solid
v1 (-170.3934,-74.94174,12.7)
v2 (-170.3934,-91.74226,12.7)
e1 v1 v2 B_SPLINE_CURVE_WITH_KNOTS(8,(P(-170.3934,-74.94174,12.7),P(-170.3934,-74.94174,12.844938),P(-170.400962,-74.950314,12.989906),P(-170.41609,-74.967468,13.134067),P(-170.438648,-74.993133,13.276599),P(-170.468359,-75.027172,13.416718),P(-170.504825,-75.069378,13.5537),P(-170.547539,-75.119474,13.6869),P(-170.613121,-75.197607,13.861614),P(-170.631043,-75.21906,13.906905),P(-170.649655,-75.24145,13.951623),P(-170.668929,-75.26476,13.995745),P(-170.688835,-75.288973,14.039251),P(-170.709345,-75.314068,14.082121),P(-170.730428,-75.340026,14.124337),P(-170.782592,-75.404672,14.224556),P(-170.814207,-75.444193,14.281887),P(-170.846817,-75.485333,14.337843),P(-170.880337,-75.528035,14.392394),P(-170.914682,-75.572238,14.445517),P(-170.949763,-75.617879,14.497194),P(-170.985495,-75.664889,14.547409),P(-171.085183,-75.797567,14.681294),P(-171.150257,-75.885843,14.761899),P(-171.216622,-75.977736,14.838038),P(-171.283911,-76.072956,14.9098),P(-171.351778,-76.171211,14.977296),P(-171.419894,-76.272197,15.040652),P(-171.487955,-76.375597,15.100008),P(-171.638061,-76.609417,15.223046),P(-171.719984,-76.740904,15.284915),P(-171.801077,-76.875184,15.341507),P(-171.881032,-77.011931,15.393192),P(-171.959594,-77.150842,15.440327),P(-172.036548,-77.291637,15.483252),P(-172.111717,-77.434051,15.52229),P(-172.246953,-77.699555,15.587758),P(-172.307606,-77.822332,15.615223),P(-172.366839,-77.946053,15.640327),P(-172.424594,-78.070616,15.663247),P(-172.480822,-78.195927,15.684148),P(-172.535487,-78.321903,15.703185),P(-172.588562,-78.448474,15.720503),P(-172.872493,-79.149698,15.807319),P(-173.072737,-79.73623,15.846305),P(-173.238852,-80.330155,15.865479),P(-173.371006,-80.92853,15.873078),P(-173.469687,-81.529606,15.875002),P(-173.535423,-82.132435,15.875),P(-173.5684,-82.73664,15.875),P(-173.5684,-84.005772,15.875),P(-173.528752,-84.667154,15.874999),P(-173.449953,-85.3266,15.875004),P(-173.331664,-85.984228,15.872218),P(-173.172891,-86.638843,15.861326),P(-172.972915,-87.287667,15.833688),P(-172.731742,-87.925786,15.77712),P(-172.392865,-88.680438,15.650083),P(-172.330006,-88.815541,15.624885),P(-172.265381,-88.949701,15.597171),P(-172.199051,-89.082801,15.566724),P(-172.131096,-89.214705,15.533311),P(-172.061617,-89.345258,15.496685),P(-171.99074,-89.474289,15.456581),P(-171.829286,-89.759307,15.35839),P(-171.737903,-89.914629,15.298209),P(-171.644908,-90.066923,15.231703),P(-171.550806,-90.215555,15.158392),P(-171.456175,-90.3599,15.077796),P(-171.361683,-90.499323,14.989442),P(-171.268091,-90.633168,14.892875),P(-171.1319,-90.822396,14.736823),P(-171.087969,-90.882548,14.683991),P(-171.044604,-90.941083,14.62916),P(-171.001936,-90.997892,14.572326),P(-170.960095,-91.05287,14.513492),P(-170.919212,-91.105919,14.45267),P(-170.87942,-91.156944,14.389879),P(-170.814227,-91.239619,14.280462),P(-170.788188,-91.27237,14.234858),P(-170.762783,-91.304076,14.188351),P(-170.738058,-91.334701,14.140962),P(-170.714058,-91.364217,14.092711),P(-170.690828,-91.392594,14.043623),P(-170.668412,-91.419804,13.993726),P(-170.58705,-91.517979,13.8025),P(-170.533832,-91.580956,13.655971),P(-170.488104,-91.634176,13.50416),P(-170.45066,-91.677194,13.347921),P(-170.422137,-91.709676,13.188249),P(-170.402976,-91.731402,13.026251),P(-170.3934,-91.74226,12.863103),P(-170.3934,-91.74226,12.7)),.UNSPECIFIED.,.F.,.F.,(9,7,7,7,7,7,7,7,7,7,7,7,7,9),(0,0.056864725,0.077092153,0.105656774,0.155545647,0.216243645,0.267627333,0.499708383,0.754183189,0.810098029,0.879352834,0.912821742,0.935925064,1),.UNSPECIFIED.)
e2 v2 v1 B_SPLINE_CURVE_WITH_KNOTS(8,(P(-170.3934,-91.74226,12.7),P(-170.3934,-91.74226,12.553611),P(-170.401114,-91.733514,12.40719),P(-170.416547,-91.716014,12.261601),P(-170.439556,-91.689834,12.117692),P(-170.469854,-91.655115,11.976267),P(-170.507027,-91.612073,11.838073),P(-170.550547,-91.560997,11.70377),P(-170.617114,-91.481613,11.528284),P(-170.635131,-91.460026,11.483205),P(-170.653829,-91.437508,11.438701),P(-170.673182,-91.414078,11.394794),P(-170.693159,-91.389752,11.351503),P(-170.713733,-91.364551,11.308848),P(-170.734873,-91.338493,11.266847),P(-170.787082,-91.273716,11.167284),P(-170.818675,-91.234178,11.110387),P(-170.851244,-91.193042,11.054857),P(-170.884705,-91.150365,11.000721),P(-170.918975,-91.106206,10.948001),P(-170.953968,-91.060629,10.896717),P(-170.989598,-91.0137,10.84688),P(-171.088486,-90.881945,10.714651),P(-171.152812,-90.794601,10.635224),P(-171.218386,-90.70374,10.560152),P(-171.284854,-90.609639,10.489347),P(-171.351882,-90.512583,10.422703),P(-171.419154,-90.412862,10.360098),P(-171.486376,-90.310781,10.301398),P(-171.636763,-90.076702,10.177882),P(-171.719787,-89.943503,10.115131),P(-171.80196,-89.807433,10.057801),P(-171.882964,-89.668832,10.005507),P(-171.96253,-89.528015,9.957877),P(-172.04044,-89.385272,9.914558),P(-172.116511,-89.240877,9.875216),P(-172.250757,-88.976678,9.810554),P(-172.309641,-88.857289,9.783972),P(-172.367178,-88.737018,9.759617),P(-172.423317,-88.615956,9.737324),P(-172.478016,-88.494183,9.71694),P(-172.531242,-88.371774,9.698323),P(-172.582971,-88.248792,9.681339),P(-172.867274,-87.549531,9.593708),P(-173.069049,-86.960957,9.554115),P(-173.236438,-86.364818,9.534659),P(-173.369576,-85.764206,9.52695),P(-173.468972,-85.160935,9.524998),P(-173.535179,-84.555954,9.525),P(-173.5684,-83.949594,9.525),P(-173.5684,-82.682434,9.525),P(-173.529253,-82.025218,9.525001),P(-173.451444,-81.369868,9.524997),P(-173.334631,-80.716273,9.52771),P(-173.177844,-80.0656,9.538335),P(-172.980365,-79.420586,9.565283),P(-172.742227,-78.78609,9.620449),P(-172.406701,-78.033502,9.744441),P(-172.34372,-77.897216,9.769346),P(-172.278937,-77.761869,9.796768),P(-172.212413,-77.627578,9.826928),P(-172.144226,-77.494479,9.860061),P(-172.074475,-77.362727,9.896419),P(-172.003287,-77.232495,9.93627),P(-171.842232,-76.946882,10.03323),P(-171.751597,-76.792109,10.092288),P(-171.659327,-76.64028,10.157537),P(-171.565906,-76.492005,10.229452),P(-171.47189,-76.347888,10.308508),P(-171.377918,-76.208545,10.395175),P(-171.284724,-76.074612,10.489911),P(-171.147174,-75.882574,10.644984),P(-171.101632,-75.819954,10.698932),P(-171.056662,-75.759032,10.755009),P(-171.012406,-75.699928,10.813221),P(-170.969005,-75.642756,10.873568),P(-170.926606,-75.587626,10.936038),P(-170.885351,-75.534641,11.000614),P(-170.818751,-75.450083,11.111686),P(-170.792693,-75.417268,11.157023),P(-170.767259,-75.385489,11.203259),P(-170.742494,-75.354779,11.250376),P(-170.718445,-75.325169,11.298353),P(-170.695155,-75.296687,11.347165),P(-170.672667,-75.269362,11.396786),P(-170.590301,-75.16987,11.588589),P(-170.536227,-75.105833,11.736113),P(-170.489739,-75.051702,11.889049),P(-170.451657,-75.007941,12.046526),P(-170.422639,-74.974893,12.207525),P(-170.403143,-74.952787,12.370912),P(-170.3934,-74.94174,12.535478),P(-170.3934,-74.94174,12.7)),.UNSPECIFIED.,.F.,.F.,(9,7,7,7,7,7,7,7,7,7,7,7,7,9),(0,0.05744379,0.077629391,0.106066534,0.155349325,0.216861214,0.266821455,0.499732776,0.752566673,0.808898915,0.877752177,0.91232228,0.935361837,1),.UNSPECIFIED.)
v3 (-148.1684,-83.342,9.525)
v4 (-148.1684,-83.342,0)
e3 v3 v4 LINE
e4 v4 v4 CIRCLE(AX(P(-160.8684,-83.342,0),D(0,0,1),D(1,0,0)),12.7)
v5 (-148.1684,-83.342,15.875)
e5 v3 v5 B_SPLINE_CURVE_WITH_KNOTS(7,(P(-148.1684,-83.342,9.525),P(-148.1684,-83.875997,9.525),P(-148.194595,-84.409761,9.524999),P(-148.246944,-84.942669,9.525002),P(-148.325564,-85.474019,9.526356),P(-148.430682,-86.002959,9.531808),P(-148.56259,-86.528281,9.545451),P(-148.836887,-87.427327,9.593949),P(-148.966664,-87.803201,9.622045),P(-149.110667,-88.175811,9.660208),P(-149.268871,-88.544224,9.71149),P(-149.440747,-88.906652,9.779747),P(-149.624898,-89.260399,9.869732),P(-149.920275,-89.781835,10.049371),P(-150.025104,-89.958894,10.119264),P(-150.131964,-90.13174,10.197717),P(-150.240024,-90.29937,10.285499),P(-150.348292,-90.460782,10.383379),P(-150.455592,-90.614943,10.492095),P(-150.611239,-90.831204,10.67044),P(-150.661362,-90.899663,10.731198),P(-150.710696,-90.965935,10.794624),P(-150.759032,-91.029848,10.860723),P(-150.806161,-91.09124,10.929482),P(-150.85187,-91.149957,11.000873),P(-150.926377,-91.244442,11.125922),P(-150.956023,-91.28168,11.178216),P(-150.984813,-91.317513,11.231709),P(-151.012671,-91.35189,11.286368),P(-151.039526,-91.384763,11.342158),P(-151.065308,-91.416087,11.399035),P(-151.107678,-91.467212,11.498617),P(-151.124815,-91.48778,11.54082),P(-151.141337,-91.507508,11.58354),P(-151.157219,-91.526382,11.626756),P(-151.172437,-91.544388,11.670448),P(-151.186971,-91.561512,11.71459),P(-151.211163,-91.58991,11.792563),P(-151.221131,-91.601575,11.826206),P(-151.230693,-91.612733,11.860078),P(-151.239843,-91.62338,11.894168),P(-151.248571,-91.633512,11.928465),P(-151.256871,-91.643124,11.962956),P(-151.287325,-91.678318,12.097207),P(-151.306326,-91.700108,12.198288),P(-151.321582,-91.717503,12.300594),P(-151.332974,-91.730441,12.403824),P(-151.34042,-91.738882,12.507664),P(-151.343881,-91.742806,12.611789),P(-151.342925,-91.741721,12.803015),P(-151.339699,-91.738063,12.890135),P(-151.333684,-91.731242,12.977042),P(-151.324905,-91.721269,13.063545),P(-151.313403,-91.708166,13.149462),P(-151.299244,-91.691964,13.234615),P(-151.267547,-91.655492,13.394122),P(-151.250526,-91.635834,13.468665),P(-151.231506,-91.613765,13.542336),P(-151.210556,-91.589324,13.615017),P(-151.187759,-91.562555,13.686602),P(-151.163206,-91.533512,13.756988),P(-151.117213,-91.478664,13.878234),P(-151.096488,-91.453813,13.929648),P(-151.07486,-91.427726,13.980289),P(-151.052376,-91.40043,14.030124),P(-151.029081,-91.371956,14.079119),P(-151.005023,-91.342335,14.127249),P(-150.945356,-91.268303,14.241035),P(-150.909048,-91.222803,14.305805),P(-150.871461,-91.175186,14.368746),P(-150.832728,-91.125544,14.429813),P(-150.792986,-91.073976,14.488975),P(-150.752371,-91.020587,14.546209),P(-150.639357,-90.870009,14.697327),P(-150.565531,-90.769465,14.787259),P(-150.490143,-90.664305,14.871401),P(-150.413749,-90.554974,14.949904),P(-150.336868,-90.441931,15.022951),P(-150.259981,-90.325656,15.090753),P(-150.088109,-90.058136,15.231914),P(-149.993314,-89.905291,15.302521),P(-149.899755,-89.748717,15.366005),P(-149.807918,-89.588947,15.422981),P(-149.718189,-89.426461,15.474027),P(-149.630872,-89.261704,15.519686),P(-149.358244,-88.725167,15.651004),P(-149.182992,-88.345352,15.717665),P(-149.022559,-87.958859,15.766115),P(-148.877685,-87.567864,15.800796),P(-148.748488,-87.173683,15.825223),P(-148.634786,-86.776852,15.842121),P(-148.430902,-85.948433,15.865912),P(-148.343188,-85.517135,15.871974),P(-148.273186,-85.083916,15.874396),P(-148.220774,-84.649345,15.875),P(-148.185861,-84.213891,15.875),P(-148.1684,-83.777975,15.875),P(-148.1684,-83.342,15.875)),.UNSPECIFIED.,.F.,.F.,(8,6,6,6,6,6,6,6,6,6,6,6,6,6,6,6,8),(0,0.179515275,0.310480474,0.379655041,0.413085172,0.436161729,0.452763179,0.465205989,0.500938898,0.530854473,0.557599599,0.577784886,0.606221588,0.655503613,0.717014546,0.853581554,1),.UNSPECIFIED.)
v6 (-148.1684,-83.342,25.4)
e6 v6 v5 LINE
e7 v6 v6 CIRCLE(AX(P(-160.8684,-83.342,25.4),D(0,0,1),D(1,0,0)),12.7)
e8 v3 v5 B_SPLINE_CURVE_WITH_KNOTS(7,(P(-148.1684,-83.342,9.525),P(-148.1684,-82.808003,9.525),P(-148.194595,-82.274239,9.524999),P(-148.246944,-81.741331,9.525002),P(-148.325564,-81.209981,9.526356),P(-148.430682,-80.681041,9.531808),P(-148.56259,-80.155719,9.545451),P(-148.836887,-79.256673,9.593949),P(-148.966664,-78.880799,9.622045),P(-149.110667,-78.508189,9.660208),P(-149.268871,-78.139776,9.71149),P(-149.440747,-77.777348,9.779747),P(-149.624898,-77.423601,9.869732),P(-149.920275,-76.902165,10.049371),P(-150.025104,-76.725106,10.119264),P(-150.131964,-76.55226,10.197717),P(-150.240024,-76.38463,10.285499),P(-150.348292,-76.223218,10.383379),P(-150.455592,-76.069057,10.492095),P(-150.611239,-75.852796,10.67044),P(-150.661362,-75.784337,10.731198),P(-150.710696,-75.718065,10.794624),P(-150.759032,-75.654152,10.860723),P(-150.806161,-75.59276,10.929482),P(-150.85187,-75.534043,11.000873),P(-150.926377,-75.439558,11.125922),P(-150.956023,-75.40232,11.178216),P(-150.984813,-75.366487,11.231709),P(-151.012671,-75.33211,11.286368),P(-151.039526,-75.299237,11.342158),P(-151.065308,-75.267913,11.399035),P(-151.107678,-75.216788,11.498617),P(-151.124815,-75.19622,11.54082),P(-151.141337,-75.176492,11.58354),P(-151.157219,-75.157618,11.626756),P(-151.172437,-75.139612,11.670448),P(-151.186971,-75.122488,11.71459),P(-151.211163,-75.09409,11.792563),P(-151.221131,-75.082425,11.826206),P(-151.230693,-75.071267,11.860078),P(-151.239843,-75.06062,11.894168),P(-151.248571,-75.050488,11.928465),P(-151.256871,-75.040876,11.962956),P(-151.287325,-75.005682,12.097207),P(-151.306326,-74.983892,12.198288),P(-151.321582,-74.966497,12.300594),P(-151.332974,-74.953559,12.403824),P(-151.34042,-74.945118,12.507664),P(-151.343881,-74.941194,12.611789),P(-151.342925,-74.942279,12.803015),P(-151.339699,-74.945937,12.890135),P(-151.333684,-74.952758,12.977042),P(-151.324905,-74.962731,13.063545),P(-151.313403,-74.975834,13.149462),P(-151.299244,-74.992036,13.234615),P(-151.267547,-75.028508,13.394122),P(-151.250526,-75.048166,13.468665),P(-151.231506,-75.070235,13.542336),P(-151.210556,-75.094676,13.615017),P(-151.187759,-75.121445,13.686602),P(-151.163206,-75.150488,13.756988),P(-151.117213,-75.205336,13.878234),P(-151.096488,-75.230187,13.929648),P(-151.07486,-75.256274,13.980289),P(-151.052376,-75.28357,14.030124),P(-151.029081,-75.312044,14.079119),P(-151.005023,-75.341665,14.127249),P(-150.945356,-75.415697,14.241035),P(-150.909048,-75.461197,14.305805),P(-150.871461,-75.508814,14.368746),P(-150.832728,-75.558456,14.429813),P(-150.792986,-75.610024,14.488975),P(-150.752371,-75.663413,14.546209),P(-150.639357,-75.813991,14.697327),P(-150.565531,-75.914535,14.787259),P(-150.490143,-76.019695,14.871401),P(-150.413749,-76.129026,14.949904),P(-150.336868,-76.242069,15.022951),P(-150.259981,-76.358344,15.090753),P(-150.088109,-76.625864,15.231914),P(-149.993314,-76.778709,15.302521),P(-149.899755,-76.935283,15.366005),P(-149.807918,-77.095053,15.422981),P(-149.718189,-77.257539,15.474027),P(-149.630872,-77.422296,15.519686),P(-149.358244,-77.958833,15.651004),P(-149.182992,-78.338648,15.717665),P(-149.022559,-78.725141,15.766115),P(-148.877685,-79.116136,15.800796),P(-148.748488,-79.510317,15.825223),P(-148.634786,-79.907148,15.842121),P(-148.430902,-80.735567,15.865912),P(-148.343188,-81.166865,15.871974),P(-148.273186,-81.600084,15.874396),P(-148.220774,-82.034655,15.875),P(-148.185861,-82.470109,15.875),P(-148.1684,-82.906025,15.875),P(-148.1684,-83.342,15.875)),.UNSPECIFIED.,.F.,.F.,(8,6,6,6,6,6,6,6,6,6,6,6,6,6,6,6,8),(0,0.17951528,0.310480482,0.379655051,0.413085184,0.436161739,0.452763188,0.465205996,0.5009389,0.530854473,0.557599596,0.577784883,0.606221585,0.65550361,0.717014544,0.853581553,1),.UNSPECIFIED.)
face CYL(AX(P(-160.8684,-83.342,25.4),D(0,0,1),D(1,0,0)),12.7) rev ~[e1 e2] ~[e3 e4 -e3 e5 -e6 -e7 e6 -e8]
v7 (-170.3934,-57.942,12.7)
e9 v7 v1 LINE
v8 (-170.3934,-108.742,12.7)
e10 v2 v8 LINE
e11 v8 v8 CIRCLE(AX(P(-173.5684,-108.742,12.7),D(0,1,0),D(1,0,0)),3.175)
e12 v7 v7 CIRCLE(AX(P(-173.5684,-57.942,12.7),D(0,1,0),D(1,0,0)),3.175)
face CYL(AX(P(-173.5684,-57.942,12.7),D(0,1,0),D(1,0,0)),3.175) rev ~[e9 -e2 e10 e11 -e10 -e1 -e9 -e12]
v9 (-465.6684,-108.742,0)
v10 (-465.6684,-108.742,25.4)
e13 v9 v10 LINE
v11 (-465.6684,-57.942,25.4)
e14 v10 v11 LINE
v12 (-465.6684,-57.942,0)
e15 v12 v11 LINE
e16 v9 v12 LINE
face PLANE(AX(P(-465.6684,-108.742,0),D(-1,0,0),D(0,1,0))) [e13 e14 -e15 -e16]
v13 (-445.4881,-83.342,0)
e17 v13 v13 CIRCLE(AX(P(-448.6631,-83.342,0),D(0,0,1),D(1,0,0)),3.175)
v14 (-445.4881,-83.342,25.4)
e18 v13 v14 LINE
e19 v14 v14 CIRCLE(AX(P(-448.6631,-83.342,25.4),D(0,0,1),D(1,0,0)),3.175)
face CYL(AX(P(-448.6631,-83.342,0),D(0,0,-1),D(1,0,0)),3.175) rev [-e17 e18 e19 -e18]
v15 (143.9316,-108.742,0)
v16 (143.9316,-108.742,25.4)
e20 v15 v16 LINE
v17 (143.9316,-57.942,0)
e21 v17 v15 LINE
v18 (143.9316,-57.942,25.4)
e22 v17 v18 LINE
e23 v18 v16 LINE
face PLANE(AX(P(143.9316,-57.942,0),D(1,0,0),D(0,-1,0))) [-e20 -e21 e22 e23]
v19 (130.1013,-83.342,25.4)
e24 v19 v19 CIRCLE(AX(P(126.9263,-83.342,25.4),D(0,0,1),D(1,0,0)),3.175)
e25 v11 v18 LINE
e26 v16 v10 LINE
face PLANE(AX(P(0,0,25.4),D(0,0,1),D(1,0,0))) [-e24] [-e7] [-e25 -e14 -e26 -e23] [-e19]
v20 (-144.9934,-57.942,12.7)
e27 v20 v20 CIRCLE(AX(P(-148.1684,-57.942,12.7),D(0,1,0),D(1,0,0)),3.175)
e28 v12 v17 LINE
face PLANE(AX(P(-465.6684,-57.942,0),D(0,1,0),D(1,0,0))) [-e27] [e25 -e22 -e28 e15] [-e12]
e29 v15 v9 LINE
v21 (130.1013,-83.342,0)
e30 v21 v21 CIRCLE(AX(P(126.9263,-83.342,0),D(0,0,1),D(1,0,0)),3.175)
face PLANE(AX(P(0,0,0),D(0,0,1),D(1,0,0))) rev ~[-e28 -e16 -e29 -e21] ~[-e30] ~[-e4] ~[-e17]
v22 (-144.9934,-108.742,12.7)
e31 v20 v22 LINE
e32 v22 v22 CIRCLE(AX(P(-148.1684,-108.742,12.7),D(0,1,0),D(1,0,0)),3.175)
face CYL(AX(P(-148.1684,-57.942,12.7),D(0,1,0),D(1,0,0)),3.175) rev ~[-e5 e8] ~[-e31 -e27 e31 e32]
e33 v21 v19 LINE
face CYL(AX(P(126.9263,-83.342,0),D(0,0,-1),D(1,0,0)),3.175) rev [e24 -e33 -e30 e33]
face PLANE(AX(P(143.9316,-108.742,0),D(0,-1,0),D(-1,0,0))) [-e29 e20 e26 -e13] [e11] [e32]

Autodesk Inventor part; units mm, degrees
ref_plane "YZ Plane" through (0, 0, 0) normal (1, 0, 0) x (0, 1, 0)
ref_plane "XZ Plane" through (0, 0, 0) normal (0, 1, 0) x (-1, 0, 0)
ref_plane "XY Plane" through (0, 0, 0) normal (0, 0, 1) x (1, 0, 0)
sketch "Sketch1" plane through (0, 0, 0) normal (0, 0, 1) x (1, 0, 0)
  line L0 (-465.6684, -57.942) -> (143.9316, -57.942)
  line L1 (143.9316, -57.942) -> (143.9316, -108.742)
  line L2 (143.9316, -108.742) -> (-465.6684, -108.742)
  line L3 (-465.6684, -108.742) -> (-465.6684, -57.942)
  line L4 (-465.6684, -83.342) -> (143.9316, -83.342) construction
  circle A0 centre (-448.6631, -83.342) radius 3.175
  circle A1 centre (126.9263, -83.342) radius 3.175
  line L5 (-160.8684, -57.942) -> (-160.8684, -108.742) construction
  point P0 (0, 0)
  dimension "d0" = 575.5894
  dimension "d1" = 287.7947
  dimension "d2" = 609.6
  dimension "d3" = 6.35
  dimension "d4" = 50.8
extrude "Extrusion1" add sketch "Sketch1" along normal blind 25.4
sketch "Sketch2" plane through (-465.6684, -57.942, 0) normal (0, 1, 0) x (1, 0, 0)
  line L0 (0, 0) -> (0, -25.4) construction
  line L1 (0, -12.7) -> (609.6, -12.7) construction
  line L2 (609.6, 0) -> (609.6, -25.4) construction
  line L3 (0, -25.4) -> (609.6, -25.4) construction
  line L4 (304.8, -25.4) -> (304.8, 0) construction
  line L5 (0, 0) -> (609.6, 0) construction
  circle A0 centre (292.1, -12.7) radius 3.175
  circle A1 centre (317.5, -12.7) radius 3.175
  point P0 (465.6684, 0)
  dimension "d7" = 6.35
  dimension "d8" = 12.7
  dimension "d9" = 12.7
extrude "Extrusion2" cut sketch "Sketch2" against normal through all
sketch "Sketch3" plane through (0, 0, 25.4) normal (0, 0, 1) x (1, 0, 0)
  line L0 (-465.6684, -57.942) -> (-465.6684, -108.742) construction
  line L1 (-465.6684, -83.342) -> (143.9316, -83.342) construction
  line L2 (143.9316, -108.742) -> (143.9316, -57.942) construction
  line L3 (143.9316, -57.942) -> (-465.6684, -57.942) construction
  line L4 (-160.8684, -57.942) -> (-160.8684, -108.742) construction
  line L5 (-465.6684, -108.742) -> (143.9316, -108.742) construction
  circle A0 centre (-160.8684, -83.342) radius 12.7
  point P0 (0, 0)
  dimension "d12" = 25.4
extrude "Extrusion3" cut sketch "Sketch3" against normal through all
equation "\"d1\" = 0.5 * d0"
equation "\"d9\" = d8"
properties part number "Steering Axle"
